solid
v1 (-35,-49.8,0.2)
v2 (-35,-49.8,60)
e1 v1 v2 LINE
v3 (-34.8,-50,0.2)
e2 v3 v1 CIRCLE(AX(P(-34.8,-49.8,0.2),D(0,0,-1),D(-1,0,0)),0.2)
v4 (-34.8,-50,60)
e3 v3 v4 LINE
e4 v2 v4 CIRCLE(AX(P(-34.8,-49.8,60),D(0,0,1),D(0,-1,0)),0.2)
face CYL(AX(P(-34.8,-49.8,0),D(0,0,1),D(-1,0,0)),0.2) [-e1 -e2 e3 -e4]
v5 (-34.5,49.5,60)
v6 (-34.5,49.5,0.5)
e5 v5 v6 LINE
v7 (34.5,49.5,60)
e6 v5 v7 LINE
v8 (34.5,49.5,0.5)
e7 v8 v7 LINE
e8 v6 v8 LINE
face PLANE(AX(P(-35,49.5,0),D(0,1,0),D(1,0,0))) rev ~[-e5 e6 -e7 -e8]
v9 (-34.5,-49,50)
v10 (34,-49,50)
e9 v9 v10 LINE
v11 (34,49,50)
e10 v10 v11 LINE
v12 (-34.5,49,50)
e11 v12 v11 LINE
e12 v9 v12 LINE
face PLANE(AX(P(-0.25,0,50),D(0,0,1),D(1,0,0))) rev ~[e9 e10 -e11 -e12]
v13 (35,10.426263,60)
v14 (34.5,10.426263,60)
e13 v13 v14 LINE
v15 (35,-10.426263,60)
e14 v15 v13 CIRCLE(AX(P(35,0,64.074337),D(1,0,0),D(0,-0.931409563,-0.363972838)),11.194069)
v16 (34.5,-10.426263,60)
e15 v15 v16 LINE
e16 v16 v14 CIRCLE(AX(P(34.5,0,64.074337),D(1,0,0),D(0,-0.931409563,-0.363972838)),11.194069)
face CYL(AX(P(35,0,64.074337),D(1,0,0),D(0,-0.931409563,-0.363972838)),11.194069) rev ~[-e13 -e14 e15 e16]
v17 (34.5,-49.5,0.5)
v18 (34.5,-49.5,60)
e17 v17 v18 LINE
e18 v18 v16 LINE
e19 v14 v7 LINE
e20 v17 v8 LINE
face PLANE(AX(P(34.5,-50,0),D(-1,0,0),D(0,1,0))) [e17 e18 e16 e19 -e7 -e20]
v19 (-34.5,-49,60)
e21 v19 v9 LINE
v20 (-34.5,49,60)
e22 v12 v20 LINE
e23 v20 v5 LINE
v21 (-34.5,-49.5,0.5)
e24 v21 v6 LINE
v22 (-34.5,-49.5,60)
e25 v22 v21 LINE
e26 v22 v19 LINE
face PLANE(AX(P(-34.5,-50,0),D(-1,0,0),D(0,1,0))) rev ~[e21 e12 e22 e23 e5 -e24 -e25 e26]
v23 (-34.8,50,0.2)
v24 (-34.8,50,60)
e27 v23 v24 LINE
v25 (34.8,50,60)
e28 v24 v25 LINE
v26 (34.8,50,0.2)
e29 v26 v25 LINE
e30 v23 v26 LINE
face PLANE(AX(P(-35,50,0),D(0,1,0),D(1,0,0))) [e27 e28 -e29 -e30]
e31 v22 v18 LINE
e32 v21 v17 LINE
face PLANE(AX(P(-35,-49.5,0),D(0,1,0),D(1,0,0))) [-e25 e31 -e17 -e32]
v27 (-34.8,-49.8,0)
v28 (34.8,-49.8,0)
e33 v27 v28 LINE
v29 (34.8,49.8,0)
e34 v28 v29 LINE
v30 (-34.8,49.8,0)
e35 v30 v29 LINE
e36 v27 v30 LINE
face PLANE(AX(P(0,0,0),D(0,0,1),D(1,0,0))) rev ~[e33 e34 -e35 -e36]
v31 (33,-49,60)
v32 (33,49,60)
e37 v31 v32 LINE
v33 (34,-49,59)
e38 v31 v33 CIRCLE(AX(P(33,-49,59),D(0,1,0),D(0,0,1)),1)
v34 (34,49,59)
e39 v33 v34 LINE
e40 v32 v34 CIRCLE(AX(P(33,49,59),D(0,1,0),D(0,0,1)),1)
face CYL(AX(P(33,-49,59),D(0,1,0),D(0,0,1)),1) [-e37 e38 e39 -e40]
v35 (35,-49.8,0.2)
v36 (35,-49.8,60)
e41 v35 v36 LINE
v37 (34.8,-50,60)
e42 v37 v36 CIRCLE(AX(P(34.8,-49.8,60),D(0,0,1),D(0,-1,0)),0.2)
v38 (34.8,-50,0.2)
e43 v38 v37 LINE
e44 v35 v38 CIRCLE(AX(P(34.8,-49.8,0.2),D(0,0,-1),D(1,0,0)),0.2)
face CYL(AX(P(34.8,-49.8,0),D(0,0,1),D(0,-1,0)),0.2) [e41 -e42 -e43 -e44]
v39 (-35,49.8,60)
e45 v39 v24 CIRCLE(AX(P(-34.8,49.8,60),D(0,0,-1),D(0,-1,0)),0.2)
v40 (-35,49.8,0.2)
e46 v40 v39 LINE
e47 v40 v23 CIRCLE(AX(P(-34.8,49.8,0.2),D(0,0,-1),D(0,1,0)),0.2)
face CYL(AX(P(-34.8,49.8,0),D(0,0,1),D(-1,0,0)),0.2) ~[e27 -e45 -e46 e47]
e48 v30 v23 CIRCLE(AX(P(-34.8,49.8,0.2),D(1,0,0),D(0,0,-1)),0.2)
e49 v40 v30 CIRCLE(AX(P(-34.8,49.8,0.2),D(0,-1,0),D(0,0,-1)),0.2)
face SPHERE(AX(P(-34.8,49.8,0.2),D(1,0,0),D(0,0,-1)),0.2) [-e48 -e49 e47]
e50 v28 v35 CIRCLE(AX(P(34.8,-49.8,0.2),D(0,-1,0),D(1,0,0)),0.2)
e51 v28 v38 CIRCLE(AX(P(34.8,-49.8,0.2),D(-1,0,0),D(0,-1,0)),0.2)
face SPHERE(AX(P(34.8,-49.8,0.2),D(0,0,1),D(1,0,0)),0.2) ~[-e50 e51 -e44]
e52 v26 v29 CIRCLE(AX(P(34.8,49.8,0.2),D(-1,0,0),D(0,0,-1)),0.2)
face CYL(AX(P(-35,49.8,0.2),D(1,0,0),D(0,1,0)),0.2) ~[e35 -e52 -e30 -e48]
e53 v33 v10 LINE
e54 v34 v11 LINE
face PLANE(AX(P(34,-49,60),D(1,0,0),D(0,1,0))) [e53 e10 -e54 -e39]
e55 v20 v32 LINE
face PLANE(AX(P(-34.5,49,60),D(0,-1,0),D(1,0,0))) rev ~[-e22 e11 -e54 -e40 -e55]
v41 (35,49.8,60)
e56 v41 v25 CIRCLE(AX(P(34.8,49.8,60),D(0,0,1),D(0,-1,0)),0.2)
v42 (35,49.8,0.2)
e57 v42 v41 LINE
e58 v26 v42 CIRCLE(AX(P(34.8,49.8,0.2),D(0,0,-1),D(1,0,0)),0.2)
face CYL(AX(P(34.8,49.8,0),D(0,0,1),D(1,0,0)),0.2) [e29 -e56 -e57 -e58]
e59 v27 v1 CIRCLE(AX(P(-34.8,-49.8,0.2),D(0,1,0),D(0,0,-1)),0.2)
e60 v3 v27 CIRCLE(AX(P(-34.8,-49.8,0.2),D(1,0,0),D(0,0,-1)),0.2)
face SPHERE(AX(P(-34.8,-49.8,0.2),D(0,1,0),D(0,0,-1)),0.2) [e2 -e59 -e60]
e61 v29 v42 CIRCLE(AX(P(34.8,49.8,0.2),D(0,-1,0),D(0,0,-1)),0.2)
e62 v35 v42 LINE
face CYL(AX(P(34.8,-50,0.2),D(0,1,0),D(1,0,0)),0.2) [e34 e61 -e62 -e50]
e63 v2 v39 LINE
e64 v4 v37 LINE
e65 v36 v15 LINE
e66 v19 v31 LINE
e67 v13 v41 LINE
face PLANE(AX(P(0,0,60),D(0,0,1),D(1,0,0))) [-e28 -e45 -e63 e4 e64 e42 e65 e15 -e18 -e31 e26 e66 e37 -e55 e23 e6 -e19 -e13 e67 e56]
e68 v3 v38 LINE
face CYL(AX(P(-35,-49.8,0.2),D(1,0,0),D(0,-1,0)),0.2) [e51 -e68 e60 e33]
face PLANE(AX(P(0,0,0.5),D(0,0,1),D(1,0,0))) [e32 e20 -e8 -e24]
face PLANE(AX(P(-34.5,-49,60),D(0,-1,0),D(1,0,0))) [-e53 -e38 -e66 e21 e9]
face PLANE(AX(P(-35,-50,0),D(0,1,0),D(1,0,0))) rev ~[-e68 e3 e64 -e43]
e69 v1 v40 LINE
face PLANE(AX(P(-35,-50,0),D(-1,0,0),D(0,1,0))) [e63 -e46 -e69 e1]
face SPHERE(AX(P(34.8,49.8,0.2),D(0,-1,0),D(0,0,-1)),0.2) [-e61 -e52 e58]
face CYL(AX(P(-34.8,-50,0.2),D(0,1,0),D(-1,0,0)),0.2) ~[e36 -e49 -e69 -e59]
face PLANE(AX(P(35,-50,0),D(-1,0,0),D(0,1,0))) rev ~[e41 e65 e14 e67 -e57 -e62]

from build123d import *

# Parameters (mm, degrees)
F0_W     = 70
F0_H     = 100
F1_DEPTH = 60
F2_R     = 0.2
F3_T     = -0.5
F4_W     = 68.5
F4_H     = 98
F5_DEPTH = 0.5
F6_DEPTH = 10
F7_R     = 1
F9_DEPTH = 0.5


with BuildPart() as f1:
    # F0 (on Top) → F1 (new body)
    with BuildSketch(Plane.XY):
        Rectangle(F0_W, F0_H)
    extrude(amount=F1_DEPTH)

    # F2
    f2_edges = [f1.edges().sort_by_distance(p)[0] for p in [
        (35, -50, 30),
        (35, 0, 0),
        (0, 50, 0),
        (-35, 0, 0),
        (0, -50, 0),
        (35, 50, 30),
        (-35, 50, 30),
        (-35, -50, 30),
    ]]
    fillet(f2_edges, radius=F2_R)

    # F3
    f3_openings = [f1.faces().sort_by_distance(p)[0] for p in [
        (0, 0, 60),
    ]]
    offset(amount=F3_T, openings=f3_openings)

    # F4 (on face) → F5 (join)
    with BuildSketch(Plane.XY.offset(60)):
        with Locations((-0.25, 0)):
            Rectangle(F4_W, F4_H)
    extrude(amount=-F5_DEPTH)

    # F4 (on face) → F6 (join)
    with BuildSketch(Plane.XY.offset(60)):
        with Locations((-0.25, 0)):
            Rectangle(F4_W, F4_H)
    extrude(amount=-F6_DEPTH)

    # F7
    f7_edges = [f1.edges().sort_by_distance(p)[0] for p in [
        (34, 0, 60),
    ]]
    fillet(f7_edges, radius=F7_R)

    # F8 (on face) → F9 (cut)
    with BuildSketch(Plane.YZ.offset(35)):
        with BuildLine():
            Line((10.426263, 60), (-10.426263, 60))
            ThreePointArc((-10.426263, 60), (0, 52.880268), (10.426263, 60))
        make_face()
    extrude(amount=-F9_DEPTH, mode=Mode.SUBTRACT)


solid = f1.part
